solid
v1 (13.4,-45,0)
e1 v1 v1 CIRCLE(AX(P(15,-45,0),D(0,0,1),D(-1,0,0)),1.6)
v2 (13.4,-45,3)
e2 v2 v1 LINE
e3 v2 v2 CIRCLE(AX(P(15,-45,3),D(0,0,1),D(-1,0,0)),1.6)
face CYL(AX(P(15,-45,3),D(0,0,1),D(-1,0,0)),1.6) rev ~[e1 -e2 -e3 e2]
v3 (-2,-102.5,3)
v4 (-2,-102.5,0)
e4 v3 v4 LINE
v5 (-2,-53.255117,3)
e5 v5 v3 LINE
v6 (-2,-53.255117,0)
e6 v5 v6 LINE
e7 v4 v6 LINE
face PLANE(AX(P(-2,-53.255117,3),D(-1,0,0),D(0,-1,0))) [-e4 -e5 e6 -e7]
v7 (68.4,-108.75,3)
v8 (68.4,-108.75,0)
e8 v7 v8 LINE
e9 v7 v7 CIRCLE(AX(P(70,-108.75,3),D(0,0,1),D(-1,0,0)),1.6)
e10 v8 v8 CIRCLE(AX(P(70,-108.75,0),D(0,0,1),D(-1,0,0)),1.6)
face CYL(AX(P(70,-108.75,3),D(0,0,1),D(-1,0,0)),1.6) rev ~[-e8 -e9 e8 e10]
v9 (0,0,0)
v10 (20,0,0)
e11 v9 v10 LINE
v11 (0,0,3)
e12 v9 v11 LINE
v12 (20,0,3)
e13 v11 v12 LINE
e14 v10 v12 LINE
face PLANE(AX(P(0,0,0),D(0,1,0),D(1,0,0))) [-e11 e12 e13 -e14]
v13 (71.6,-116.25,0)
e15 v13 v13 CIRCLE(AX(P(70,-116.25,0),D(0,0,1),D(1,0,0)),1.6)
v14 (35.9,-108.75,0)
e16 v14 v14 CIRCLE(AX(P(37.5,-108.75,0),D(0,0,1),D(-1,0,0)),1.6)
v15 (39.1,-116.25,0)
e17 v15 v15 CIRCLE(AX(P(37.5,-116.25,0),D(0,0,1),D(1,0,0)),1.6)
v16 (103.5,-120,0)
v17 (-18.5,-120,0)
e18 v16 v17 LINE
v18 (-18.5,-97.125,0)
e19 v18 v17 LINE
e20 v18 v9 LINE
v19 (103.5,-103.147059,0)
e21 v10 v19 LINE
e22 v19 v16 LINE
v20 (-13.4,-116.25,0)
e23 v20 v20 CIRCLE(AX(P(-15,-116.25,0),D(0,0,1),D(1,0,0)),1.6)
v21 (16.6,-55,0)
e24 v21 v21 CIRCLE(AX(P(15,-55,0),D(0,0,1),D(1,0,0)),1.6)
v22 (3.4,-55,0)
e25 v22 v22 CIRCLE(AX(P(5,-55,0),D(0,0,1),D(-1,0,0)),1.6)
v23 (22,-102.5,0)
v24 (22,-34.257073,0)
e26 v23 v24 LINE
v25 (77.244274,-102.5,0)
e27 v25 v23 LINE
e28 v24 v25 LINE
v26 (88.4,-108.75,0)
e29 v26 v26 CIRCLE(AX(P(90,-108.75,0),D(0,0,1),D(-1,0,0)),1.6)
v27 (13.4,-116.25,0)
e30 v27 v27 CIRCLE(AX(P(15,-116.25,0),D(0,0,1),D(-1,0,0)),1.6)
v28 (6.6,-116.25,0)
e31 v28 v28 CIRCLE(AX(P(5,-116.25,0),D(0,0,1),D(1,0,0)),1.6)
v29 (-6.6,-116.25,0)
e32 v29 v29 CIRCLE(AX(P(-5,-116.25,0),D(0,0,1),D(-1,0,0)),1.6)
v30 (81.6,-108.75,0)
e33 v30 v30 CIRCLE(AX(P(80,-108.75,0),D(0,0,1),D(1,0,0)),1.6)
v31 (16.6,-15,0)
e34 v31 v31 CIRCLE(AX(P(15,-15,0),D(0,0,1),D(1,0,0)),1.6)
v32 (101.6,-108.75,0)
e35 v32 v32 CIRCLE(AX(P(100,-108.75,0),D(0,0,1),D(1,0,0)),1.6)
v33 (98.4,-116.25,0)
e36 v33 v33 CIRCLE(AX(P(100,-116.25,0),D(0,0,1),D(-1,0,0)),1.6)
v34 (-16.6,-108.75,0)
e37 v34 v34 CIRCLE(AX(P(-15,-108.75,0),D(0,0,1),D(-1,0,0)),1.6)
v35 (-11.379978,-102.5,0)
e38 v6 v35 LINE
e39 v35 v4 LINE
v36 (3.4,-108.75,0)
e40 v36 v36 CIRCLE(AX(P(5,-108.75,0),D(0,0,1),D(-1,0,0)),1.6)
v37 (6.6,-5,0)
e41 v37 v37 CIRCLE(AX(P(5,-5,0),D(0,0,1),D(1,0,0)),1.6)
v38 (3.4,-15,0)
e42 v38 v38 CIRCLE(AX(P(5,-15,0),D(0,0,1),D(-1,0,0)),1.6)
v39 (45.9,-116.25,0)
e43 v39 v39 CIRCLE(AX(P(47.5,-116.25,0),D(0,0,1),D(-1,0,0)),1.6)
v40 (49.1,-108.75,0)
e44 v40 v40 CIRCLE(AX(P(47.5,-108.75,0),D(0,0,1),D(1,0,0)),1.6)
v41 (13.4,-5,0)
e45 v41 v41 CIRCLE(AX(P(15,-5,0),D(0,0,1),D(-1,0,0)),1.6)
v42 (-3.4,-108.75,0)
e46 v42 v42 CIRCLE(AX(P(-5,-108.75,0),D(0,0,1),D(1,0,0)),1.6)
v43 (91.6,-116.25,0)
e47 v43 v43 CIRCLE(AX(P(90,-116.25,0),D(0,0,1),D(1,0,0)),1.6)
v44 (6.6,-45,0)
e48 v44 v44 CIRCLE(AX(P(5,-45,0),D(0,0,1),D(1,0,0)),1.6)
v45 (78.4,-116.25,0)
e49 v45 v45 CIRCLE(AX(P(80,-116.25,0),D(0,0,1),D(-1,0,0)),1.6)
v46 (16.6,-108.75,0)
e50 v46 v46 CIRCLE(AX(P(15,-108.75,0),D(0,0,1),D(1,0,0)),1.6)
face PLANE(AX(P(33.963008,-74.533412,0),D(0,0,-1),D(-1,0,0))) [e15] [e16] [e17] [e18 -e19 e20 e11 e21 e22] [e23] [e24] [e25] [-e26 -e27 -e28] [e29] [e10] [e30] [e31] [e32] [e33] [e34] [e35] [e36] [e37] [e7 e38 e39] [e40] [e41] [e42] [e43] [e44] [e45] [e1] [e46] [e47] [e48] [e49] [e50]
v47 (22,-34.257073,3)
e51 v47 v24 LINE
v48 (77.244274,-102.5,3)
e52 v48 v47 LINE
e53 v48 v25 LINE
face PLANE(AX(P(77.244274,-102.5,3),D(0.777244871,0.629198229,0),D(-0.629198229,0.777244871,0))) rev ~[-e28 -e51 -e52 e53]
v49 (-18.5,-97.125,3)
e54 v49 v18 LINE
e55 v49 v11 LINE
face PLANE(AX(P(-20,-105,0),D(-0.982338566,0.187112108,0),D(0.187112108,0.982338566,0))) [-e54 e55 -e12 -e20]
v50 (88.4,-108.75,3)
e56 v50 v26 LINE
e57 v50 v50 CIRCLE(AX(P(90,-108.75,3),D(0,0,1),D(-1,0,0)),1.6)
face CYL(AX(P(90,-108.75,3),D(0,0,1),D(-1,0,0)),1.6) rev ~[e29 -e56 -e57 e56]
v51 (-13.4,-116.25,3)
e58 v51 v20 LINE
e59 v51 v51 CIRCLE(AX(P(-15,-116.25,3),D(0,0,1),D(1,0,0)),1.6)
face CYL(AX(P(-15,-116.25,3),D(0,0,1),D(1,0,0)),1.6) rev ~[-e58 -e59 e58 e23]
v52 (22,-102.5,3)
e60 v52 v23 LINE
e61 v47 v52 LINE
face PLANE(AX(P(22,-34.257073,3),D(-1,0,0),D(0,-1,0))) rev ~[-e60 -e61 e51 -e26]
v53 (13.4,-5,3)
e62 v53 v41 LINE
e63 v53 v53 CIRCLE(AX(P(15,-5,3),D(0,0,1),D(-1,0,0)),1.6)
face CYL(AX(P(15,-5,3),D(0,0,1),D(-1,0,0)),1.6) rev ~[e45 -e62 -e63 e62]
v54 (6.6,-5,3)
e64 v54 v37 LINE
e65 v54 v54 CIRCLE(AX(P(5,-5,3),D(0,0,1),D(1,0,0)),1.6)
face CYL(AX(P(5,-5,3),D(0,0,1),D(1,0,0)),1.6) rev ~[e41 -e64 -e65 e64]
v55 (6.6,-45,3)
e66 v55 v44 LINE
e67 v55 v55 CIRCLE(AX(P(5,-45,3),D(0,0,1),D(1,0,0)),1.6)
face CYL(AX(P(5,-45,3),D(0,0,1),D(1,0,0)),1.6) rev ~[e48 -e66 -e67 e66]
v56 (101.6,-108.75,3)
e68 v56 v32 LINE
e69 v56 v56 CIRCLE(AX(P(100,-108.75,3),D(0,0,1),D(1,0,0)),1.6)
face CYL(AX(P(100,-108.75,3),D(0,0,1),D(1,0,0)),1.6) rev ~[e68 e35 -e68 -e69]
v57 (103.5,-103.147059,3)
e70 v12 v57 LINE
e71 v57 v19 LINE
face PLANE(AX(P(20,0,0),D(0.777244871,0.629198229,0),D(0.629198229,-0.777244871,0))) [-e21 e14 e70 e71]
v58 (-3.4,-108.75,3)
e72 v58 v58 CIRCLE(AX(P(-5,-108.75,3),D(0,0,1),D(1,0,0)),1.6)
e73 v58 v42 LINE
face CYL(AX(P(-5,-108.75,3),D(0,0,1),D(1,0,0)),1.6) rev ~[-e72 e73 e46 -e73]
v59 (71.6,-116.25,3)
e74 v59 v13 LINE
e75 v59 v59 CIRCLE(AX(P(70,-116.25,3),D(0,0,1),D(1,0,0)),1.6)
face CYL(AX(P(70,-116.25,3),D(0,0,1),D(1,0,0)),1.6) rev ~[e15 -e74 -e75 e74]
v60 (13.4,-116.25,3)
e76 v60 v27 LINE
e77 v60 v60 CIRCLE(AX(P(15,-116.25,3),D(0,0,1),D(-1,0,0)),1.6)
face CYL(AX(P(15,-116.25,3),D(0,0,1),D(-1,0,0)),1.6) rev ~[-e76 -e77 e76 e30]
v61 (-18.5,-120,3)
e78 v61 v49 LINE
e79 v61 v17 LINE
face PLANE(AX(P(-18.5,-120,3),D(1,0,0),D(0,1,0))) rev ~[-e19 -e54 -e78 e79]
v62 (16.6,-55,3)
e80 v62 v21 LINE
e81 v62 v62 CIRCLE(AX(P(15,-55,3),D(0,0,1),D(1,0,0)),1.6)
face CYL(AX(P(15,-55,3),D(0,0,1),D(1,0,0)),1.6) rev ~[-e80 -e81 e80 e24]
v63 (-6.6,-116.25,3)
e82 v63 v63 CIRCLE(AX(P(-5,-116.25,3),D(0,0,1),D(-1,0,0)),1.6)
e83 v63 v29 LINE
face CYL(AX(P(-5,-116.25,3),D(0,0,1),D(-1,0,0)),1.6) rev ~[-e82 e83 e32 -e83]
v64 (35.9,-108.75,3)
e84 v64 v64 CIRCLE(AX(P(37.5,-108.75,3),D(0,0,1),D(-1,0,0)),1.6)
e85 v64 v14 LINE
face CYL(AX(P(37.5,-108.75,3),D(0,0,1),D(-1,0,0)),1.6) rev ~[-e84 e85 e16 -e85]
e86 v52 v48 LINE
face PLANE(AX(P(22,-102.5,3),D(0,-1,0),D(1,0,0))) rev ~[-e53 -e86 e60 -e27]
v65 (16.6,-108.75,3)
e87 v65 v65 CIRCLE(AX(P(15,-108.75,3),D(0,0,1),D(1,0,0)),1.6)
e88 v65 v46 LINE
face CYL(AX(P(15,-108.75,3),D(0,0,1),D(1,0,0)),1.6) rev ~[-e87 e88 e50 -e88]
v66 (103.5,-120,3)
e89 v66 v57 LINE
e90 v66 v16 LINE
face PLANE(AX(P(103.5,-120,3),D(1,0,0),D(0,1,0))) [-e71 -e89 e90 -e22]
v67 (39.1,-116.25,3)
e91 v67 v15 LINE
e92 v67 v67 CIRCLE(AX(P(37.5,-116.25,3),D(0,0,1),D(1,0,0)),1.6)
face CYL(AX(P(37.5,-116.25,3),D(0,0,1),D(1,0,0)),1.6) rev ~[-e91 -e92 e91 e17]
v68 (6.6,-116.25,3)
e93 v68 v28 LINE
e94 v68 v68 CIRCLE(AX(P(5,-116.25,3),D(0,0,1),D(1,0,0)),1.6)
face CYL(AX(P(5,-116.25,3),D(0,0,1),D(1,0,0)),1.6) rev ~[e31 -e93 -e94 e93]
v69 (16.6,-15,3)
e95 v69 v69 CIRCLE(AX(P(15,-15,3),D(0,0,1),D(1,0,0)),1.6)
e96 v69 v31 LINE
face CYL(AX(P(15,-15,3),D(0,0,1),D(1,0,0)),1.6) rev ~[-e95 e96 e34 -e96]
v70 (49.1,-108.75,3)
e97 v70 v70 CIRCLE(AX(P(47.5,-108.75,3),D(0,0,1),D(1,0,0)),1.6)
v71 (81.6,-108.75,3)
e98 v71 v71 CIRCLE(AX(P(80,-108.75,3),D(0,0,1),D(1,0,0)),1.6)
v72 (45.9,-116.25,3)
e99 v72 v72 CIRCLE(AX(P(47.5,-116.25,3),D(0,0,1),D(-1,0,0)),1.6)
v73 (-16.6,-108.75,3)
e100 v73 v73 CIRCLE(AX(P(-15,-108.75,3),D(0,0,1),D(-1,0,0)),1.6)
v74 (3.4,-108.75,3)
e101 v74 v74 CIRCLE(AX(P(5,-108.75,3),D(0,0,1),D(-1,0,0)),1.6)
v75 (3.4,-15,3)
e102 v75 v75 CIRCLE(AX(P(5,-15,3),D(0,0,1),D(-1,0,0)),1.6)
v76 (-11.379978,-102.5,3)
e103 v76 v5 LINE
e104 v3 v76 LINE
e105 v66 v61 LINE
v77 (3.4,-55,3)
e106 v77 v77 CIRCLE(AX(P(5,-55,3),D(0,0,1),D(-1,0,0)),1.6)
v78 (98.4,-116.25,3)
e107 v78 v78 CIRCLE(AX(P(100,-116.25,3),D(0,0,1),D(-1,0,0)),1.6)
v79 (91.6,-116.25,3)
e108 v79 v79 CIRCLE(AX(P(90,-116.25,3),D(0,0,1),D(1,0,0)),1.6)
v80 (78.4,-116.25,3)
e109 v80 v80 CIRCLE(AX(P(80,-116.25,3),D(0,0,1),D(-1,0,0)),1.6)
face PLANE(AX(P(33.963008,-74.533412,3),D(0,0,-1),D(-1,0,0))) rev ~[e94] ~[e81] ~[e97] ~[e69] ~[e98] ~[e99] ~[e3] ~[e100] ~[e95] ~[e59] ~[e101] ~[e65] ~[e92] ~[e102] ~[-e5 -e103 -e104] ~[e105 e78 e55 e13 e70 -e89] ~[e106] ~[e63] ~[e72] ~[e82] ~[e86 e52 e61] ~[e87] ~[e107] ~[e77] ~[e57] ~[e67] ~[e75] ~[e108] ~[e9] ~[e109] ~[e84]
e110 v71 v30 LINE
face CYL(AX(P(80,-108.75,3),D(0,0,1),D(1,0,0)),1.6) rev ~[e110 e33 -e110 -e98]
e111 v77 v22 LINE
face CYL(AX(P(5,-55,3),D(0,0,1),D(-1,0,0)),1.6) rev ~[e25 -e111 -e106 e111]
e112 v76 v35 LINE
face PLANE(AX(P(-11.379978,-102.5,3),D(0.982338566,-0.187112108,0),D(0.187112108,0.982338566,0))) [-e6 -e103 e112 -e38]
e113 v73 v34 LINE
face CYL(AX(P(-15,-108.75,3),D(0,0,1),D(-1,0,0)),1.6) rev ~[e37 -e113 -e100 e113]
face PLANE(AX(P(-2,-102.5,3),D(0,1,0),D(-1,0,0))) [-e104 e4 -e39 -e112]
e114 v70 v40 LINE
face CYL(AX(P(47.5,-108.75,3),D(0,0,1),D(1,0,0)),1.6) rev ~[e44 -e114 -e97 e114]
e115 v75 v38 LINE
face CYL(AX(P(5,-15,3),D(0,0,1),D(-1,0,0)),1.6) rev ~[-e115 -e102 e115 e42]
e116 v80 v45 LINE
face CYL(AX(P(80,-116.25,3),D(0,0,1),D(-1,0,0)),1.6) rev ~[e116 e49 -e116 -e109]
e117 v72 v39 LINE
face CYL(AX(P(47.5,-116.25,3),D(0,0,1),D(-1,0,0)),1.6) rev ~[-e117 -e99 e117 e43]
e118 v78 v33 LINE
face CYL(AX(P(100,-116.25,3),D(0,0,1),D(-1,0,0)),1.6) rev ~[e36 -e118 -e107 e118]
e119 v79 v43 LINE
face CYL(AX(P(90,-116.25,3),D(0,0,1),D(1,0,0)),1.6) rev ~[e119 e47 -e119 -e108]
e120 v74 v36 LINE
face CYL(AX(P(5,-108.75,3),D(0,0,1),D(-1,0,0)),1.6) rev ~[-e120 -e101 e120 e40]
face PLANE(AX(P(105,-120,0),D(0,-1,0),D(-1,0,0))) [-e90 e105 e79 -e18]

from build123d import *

# Parameters (mm, degrees)
EXTRUDE_1_DEPTH     = 3
SKETCH_2_R          = 1.6
SKETCH_2_W          = 1.5
SKETCH_2_H          = 40
CUT_EXTRUDE_1_DEPTH = 160.48040632


with BuildPart() as part:
    # 草图1 → 凸台-拉伸1 (new body)
    with BuildSketch(Plane.XY):
        Polygon((0, 0), (20, 0), (105, -105), (105, -120), (-20, -120), (-20, -105), align=None)
    extrude(amount=EXTRUDE_1_DEPTH)

    # 草图2 → 切除-拉伸1 (cut, through all)
    with BuildSketch(Plane.XY.offset(3)):
        with Locations((5, -5)):
            Circle(SKETCH_2_R)
        with Locations(Location((15, -5, 0), (0, 0, 180))):
            Circle(SKETCH_2_R)
        with Locations((15, -15)):
            Circle(SKETCH_2_R)
        with Locations(Location((5, -15, 0), (0, 0, 180))):
            Circle(SKETCH_2_R)
        with Locations((-15, -116.25)):
            Circle(SKETCH_2_R)
        with Locations(Location((-15, -108.75, 0), (0, 0, 180))):
            Circle(SKETCH_2_R)
        with Locations(Location((-5, -116.25, 0), (0, 0, 180))):
            Circle(SKETCH_2_R)
        with Locations((-5, -108.75)):
            Circle(SKETCH_2_R)
        with Locations(Location((90, -108.75, 0), (0, 0, 180))):
            Circle(SKETCH_2_R)
        with Locations((90, -116.25)):
            Circle(SKETCH_2_R)
        with Locations((100, -108.75)):
            Circle(SKETCH_2_R)
        with Locations(Location((100, -116.25, 0), (0, 0, 180))):
            Circle(SKETCH_2_R)
        with Locations((37.5, -116.25)):
            Circle(SKETCH_2_R)
        with Locations(Location((47.5, -116.25, 0), (0, 0, 180))):
            Circle(SKETCH_2_R)
        with Locations((47.5, -108.75)):
            Circle(SKETCH_2_R)
        with Locations(Location((37.5, -108.75, 0), (0, 0, 180))):
            Circle(SKETCH_2_R)
        with Locations((5, -45)):
            Circle(SKETCH_2_R)
        with Locations(Location((15, -45, 0), (0, 0, 180))):
            Circle(SKETCH_2_R)
        with Locations((15, -55)):
            Circle(SKETCH_2_R)
        with Locations(Location((5, -55, 0), (0, 0, 180))):
            Circle(SKETCH_2_R)
        with Locations(Location((5, -108.75, 0), (0, 0, 180))):
            Circle(SKETCH_2_R)
        with Locations((5, -116.25)):
            Circle(SKETCH_2_R)
        with Locations(Location((15, -116.25, 0), (0, 0, 180))):
            Circle(SKETCH_2_R)
        with Locations((15, -108.75)):
            Circle(SKETCH_2_R)
        with Locations((70, -116.25)):
            Circle(SKETCH_2_R)
        with Locations(Location((80, -116.25, 0), (0, 0, 180))):
            Circle(SKETCH_2_R)
        with Locations(Location((70, -108.75, 0), (0, 0, 180))):
            Circle(SKETCH_2_R)
        with Locations((80, -108.75)):
            Circle(SKETCH_2_R)
        Polygon((-2, -53.255116653), (-2, -102.5), (-11.37997778, -102.5), align=None)
        with Locations((104.25, -100)):
            Rectangle(SKETCH_2_W, SKETCH_2_H)
        with Locations((-19.25, -100)):
            Rectangle(SKETCH_2_W, SKETCH_2_H)
        Polygon((22, -34.257073144), (22, -102.5), (77.244274122, -102.5), align=None)
    extrude(amount=-CUT_EXTRUDE_1_DEPTH, mode=Mode.SUBTRACT)


solid = part.part
